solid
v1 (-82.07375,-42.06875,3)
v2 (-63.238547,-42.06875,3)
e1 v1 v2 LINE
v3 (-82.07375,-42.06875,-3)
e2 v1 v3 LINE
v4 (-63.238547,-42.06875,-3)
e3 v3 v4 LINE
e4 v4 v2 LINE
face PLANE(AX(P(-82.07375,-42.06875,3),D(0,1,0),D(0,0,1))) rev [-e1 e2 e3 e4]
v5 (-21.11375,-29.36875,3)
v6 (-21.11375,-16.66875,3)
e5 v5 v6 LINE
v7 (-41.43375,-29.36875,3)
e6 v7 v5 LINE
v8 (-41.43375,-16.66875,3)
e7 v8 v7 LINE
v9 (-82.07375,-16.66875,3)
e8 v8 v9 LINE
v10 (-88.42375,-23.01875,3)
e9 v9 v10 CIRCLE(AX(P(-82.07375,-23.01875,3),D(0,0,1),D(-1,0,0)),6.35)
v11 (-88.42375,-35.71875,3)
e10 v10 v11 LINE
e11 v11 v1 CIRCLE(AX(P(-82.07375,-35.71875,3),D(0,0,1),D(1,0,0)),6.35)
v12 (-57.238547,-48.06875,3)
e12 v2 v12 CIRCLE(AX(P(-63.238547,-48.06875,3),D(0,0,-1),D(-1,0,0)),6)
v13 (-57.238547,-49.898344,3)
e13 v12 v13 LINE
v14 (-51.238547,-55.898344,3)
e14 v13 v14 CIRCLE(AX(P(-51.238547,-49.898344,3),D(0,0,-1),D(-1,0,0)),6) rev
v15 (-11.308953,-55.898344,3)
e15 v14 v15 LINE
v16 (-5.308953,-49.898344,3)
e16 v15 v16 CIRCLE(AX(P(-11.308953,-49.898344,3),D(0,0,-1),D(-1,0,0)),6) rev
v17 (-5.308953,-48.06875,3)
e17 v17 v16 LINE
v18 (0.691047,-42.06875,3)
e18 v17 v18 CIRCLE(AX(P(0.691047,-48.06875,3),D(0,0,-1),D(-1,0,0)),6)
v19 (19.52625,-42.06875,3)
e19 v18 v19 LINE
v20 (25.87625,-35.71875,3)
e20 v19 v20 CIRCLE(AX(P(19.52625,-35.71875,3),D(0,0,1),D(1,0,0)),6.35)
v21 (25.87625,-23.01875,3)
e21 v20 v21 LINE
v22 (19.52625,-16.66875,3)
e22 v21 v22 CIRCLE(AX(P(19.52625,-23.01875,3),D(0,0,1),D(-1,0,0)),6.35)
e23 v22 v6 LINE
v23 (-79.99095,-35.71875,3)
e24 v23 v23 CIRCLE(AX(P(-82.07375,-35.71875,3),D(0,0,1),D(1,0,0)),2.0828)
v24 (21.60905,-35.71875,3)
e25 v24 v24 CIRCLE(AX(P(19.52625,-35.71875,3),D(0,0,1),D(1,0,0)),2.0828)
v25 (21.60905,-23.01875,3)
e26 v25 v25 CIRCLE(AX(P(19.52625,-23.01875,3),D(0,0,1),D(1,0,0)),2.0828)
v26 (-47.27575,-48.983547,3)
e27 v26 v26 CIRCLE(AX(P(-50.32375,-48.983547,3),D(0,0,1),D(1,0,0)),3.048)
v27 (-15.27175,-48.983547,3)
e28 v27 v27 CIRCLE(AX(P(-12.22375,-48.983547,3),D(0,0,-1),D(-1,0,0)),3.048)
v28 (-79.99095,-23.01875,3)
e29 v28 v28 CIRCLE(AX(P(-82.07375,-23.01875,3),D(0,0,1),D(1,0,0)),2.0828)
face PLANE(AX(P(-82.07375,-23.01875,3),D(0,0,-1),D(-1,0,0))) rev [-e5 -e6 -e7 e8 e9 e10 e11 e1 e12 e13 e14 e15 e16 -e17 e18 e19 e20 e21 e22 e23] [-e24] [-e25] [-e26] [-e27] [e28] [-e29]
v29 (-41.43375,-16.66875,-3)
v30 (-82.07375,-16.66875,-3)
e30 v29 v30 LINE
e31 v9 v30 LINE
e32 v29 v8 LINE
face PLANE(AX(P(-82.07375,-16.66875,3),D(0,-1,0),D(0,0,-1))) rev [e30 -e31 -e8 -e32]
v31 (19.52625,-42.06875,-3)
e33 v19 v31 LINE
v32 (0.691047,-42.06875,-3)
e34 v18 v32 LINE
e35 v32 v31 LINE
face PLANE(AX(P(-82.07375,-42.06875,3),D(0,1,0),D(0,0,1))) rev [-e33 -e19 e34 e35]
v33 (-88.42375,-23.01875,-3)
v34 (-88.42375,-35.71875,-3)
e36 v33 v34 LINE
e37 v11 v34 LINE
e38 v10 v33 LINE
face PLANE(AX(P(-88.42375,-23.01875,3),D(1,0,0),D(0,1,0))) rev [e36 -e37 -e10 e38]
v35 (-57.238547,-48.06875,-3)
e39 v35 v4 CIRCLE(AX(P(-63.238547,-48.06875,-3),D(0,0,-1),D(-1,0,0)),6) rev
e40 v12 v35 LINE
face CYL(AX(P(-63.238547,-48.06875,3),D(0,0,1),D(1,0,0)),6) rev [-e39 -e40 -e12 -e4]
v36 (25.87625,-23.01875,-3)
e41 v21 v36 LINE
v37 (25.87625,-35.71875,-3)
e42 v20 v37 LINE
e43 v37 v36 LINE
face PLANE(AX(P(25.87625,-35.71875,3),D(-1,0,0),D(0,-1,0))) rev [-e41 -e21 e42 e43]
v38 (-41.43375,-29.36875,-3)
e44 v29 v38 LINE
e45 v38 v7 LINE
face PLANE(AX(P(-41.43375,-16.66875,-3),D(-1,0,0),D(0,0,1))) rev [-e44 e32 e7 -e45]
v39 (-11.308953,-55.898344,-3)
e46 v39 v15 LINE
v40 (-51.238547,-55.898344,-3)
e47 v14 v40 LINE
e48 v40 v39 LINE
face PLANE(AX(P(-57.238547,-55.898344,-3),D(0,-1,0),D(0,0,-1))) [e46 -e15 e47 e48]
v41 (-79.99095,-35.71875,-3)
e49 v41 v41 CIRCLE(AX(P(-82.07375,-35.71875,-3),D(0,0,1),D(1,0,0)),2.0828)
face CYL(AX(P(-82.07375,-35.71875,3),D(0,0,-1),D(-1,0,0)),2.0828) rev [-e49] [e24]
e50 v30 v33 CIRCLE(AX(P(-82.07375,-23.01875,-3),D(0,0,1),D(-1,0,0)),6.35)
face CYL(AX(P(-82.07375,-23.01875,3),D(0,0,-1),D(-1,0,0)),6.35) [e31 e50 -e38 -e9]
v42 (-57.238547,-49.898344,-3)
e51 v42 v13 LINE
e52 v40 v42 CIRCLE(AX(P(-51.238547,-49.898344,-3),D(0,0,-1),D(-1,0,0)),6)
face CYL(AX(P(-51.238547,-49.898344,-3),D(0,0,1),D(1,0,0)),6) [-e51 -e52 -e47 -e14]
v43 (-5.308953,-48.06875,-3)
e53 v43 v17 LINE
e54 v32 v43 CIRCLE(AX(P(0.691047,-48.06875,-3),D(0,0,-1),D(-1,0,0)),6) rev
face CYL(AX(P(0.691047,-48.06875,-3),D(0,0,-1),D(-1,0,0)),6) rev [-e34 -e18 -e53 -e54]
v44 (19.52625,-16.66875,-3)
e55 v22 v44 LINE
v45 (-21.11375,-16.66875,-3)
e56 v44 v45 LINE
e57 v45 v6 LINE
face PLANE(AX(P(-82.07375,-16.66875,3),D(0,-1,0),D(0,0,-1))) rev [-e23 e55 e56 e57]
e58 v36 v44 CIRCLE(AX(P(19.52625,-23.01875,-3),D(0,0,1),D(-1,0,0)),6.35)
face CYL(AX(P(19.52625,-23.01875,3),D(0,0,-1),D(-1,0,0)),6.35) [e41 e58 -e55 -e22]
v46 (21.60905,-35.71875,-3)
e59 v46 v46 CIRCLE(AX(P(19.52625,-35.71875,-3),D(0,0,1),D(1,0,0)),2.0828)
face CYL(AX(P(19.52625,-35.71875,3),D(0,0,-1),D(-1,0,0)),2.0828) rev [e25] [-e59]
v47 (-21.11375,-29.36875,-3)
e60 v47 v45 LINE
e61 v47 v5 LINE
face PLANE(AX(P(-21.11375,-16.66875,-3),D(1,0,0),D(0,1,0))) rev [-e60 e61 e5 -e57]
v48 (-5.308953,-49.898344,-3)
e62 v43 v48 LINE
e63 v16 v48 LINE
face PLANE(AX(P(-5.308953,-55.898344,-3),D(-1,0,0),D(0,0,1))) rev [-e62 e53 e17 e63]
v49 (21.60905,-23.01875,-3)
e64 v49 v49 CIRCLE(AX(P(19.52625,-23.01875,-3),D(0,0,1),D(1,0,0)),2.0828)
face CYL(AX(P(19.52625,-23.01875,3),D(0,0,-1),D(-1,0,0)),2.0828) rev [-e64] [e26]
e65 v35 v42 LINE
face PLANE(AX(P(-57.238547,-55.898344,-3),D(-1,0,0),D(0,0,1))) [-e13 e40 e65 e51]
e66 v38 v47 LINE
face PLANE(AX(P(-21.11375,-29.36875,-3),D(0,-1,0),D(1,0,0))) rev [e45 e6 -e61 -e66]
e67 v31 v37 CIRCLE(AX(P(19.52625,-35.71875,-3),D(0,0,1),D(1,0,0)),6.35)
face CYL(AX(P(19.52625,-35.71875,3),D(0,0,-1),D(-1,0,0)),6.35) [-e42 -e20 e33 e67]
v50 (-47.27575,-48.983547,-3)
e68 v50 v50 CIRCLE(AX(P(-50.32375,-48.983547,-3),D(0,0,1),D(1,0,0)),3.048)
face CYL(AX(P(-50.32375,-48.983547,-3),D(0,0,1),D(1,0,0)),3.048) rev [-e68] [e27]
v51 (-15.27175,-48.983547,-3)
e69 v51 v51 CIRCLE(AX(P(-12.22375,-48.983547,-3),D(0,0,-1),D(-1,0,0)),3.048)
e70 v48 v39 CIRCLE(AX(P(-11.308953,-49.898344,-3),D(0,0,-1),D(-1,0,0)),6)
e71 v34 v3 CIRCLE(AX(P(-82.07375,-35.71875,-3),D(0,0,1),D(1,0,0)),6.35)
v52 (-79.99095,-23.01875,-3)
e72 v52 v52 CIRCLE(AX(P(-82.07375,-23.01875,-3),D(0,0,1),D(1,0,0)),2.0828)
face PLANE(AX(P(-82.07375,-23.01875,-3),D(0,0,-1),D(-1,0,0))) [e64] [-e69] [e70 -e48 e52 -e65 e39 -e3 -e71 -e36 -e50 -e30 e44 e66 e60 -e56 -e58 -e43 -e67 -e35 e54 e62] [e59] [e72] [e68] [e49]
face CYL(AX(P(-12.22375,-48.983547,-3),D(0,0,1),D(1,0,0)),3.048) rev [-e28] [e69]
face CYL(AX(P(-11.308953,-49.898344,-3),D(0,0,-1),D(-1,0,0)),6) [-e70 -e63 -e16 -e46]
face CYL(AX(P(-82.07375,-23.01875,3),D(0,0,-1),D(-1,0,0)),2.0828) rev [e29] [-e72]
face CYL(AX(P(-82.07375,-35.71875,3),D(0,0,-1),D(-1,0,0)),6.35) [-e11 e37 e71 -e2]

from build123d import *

# Parameters (mm, degrees)
SKETCH1_R            = 2.0828
BOSS_EXTRUDE1_DEPTH  = 3
SKETCH2_W            = 20.32
SKETCH2_H            = 12.7
CUT_EXTRUDE1_DEPTH   = 99.104736331
SKETCH3_W            = 25.964797213
SKETCH3_H            = 13.829594426
SKETCH3_R            = 3.048
BOSS_EXTRUDE2_DEPTH  = 6
FILLET1_R            = 6
FILLET1_OF_MIRROR1_R = 6


with BuildPart() as part:
    # Sketch1 → Boss-Extrude1 (new, symmetric)
    with BuildSketch(Plane.XY):
        with BuildLine():
            Line((-82.07375, -16.66875), (19.52625, -16.66875))
            ThreePointArc((19.52625, -16.66875), (24.016378061, -18.528621939), (25.87625, -23.01875))
            Line((25.87625, -23.01875), (25.87625, -35.71875))
            ThreePointArc((25.87625, -35.71875), (24.016378061, -40.208878061), (19.52625, -42.06875))
            Line((19.52625, -42.06875), (-82.07375, -42.06875))
            ThreePointArc((-82.07375, -42.06875), (-86.563878061, -40.208878061), (-88.42375, -35.71875))
            Line((-88.42375, -35.71875), (-88.42375, -23.01875))
            ThreePointArc((-88.42375, -23.01875), (-86.563878061, -18.528621939), (-82.07375, -16.66875))
        make_face()
        with Locations((-82.07375, -23.01875)):
            Circle(SKETCH1_R, mode=Mode.SUBTRACT)
        with Locations((19.52625, -23.01875)):
            Circle(SKETCH1_R, mode=Mode.SUBTRACT)
        with Locations((-82.07375, -35.71875)):
            Circle(SKETCH1_R, mode=Mode.SUBTRACT)
        with Locations((19.52625, -35.71875)):
            Circle(SKETCH1_R, mode=Mode.SUBTRACT)
    extrude(amount=BOSS_EXTRUDE1_DEPTH, both=True)

    # Sketch2 → Cut-Extrude1 (cut, through all)
    with BuildSketch(Plane.XY.offset(3)):
        with Locations((-31.27375, -23.01875)):
            Rectangle(SKETCH2_W, SKETCH2_H)
    extrude(amount=-CUT_EXTRUDE1_DEPTH, mode=Mode.SUBTRACT)

    # Sketch3 → Boss-Extrude2 (add)
    with BuildSketch(Plane.XY.offset(3)):
        with Locations((-44.256148607, -48.983547213)):
            Rectangle(SKETCH3_W, SKETCH3_H)
        with Locations((-50.32375, -48.983547213)):
            Circle(SKETCH3_R, mode=Mode.SUBTRACT)
    boss_extrude2 = extrude(amount=-BOSS_EXTRUDE2_DEPTH)

    # Fillet1
    fillet1_edges = [part.edges().sort_by_distance(p)[0] for p in [
        (-57.238547213, -42.06875, 0),
        (-57.238547213, -55.898344426, 0),
    ]]
    fillet(fillet1_edges, radius=FILLET1_R)

    # Mirror1: Boss-Extrude2 across plane
    add(boss_extrude2.mirror(Plane(origin=(-31.27375, -55.898344426, -3), x_dir=(0, 0, 1), z_dir=(1, 0, 0))))

    # Fillet1 of Mirror1
    fillet1_of_mirror1_edges = [part.edges().sort_by_distance(p)[0] for p in [
        (-5.308952787, -42.06875, 0),
        (-5.308952787, -55.898344426, 0),
    ]]
    fillet(fillet1_of_mirror1_edges, radius=FILLET1_OF_MIRROR1_R)


solid = part.part
